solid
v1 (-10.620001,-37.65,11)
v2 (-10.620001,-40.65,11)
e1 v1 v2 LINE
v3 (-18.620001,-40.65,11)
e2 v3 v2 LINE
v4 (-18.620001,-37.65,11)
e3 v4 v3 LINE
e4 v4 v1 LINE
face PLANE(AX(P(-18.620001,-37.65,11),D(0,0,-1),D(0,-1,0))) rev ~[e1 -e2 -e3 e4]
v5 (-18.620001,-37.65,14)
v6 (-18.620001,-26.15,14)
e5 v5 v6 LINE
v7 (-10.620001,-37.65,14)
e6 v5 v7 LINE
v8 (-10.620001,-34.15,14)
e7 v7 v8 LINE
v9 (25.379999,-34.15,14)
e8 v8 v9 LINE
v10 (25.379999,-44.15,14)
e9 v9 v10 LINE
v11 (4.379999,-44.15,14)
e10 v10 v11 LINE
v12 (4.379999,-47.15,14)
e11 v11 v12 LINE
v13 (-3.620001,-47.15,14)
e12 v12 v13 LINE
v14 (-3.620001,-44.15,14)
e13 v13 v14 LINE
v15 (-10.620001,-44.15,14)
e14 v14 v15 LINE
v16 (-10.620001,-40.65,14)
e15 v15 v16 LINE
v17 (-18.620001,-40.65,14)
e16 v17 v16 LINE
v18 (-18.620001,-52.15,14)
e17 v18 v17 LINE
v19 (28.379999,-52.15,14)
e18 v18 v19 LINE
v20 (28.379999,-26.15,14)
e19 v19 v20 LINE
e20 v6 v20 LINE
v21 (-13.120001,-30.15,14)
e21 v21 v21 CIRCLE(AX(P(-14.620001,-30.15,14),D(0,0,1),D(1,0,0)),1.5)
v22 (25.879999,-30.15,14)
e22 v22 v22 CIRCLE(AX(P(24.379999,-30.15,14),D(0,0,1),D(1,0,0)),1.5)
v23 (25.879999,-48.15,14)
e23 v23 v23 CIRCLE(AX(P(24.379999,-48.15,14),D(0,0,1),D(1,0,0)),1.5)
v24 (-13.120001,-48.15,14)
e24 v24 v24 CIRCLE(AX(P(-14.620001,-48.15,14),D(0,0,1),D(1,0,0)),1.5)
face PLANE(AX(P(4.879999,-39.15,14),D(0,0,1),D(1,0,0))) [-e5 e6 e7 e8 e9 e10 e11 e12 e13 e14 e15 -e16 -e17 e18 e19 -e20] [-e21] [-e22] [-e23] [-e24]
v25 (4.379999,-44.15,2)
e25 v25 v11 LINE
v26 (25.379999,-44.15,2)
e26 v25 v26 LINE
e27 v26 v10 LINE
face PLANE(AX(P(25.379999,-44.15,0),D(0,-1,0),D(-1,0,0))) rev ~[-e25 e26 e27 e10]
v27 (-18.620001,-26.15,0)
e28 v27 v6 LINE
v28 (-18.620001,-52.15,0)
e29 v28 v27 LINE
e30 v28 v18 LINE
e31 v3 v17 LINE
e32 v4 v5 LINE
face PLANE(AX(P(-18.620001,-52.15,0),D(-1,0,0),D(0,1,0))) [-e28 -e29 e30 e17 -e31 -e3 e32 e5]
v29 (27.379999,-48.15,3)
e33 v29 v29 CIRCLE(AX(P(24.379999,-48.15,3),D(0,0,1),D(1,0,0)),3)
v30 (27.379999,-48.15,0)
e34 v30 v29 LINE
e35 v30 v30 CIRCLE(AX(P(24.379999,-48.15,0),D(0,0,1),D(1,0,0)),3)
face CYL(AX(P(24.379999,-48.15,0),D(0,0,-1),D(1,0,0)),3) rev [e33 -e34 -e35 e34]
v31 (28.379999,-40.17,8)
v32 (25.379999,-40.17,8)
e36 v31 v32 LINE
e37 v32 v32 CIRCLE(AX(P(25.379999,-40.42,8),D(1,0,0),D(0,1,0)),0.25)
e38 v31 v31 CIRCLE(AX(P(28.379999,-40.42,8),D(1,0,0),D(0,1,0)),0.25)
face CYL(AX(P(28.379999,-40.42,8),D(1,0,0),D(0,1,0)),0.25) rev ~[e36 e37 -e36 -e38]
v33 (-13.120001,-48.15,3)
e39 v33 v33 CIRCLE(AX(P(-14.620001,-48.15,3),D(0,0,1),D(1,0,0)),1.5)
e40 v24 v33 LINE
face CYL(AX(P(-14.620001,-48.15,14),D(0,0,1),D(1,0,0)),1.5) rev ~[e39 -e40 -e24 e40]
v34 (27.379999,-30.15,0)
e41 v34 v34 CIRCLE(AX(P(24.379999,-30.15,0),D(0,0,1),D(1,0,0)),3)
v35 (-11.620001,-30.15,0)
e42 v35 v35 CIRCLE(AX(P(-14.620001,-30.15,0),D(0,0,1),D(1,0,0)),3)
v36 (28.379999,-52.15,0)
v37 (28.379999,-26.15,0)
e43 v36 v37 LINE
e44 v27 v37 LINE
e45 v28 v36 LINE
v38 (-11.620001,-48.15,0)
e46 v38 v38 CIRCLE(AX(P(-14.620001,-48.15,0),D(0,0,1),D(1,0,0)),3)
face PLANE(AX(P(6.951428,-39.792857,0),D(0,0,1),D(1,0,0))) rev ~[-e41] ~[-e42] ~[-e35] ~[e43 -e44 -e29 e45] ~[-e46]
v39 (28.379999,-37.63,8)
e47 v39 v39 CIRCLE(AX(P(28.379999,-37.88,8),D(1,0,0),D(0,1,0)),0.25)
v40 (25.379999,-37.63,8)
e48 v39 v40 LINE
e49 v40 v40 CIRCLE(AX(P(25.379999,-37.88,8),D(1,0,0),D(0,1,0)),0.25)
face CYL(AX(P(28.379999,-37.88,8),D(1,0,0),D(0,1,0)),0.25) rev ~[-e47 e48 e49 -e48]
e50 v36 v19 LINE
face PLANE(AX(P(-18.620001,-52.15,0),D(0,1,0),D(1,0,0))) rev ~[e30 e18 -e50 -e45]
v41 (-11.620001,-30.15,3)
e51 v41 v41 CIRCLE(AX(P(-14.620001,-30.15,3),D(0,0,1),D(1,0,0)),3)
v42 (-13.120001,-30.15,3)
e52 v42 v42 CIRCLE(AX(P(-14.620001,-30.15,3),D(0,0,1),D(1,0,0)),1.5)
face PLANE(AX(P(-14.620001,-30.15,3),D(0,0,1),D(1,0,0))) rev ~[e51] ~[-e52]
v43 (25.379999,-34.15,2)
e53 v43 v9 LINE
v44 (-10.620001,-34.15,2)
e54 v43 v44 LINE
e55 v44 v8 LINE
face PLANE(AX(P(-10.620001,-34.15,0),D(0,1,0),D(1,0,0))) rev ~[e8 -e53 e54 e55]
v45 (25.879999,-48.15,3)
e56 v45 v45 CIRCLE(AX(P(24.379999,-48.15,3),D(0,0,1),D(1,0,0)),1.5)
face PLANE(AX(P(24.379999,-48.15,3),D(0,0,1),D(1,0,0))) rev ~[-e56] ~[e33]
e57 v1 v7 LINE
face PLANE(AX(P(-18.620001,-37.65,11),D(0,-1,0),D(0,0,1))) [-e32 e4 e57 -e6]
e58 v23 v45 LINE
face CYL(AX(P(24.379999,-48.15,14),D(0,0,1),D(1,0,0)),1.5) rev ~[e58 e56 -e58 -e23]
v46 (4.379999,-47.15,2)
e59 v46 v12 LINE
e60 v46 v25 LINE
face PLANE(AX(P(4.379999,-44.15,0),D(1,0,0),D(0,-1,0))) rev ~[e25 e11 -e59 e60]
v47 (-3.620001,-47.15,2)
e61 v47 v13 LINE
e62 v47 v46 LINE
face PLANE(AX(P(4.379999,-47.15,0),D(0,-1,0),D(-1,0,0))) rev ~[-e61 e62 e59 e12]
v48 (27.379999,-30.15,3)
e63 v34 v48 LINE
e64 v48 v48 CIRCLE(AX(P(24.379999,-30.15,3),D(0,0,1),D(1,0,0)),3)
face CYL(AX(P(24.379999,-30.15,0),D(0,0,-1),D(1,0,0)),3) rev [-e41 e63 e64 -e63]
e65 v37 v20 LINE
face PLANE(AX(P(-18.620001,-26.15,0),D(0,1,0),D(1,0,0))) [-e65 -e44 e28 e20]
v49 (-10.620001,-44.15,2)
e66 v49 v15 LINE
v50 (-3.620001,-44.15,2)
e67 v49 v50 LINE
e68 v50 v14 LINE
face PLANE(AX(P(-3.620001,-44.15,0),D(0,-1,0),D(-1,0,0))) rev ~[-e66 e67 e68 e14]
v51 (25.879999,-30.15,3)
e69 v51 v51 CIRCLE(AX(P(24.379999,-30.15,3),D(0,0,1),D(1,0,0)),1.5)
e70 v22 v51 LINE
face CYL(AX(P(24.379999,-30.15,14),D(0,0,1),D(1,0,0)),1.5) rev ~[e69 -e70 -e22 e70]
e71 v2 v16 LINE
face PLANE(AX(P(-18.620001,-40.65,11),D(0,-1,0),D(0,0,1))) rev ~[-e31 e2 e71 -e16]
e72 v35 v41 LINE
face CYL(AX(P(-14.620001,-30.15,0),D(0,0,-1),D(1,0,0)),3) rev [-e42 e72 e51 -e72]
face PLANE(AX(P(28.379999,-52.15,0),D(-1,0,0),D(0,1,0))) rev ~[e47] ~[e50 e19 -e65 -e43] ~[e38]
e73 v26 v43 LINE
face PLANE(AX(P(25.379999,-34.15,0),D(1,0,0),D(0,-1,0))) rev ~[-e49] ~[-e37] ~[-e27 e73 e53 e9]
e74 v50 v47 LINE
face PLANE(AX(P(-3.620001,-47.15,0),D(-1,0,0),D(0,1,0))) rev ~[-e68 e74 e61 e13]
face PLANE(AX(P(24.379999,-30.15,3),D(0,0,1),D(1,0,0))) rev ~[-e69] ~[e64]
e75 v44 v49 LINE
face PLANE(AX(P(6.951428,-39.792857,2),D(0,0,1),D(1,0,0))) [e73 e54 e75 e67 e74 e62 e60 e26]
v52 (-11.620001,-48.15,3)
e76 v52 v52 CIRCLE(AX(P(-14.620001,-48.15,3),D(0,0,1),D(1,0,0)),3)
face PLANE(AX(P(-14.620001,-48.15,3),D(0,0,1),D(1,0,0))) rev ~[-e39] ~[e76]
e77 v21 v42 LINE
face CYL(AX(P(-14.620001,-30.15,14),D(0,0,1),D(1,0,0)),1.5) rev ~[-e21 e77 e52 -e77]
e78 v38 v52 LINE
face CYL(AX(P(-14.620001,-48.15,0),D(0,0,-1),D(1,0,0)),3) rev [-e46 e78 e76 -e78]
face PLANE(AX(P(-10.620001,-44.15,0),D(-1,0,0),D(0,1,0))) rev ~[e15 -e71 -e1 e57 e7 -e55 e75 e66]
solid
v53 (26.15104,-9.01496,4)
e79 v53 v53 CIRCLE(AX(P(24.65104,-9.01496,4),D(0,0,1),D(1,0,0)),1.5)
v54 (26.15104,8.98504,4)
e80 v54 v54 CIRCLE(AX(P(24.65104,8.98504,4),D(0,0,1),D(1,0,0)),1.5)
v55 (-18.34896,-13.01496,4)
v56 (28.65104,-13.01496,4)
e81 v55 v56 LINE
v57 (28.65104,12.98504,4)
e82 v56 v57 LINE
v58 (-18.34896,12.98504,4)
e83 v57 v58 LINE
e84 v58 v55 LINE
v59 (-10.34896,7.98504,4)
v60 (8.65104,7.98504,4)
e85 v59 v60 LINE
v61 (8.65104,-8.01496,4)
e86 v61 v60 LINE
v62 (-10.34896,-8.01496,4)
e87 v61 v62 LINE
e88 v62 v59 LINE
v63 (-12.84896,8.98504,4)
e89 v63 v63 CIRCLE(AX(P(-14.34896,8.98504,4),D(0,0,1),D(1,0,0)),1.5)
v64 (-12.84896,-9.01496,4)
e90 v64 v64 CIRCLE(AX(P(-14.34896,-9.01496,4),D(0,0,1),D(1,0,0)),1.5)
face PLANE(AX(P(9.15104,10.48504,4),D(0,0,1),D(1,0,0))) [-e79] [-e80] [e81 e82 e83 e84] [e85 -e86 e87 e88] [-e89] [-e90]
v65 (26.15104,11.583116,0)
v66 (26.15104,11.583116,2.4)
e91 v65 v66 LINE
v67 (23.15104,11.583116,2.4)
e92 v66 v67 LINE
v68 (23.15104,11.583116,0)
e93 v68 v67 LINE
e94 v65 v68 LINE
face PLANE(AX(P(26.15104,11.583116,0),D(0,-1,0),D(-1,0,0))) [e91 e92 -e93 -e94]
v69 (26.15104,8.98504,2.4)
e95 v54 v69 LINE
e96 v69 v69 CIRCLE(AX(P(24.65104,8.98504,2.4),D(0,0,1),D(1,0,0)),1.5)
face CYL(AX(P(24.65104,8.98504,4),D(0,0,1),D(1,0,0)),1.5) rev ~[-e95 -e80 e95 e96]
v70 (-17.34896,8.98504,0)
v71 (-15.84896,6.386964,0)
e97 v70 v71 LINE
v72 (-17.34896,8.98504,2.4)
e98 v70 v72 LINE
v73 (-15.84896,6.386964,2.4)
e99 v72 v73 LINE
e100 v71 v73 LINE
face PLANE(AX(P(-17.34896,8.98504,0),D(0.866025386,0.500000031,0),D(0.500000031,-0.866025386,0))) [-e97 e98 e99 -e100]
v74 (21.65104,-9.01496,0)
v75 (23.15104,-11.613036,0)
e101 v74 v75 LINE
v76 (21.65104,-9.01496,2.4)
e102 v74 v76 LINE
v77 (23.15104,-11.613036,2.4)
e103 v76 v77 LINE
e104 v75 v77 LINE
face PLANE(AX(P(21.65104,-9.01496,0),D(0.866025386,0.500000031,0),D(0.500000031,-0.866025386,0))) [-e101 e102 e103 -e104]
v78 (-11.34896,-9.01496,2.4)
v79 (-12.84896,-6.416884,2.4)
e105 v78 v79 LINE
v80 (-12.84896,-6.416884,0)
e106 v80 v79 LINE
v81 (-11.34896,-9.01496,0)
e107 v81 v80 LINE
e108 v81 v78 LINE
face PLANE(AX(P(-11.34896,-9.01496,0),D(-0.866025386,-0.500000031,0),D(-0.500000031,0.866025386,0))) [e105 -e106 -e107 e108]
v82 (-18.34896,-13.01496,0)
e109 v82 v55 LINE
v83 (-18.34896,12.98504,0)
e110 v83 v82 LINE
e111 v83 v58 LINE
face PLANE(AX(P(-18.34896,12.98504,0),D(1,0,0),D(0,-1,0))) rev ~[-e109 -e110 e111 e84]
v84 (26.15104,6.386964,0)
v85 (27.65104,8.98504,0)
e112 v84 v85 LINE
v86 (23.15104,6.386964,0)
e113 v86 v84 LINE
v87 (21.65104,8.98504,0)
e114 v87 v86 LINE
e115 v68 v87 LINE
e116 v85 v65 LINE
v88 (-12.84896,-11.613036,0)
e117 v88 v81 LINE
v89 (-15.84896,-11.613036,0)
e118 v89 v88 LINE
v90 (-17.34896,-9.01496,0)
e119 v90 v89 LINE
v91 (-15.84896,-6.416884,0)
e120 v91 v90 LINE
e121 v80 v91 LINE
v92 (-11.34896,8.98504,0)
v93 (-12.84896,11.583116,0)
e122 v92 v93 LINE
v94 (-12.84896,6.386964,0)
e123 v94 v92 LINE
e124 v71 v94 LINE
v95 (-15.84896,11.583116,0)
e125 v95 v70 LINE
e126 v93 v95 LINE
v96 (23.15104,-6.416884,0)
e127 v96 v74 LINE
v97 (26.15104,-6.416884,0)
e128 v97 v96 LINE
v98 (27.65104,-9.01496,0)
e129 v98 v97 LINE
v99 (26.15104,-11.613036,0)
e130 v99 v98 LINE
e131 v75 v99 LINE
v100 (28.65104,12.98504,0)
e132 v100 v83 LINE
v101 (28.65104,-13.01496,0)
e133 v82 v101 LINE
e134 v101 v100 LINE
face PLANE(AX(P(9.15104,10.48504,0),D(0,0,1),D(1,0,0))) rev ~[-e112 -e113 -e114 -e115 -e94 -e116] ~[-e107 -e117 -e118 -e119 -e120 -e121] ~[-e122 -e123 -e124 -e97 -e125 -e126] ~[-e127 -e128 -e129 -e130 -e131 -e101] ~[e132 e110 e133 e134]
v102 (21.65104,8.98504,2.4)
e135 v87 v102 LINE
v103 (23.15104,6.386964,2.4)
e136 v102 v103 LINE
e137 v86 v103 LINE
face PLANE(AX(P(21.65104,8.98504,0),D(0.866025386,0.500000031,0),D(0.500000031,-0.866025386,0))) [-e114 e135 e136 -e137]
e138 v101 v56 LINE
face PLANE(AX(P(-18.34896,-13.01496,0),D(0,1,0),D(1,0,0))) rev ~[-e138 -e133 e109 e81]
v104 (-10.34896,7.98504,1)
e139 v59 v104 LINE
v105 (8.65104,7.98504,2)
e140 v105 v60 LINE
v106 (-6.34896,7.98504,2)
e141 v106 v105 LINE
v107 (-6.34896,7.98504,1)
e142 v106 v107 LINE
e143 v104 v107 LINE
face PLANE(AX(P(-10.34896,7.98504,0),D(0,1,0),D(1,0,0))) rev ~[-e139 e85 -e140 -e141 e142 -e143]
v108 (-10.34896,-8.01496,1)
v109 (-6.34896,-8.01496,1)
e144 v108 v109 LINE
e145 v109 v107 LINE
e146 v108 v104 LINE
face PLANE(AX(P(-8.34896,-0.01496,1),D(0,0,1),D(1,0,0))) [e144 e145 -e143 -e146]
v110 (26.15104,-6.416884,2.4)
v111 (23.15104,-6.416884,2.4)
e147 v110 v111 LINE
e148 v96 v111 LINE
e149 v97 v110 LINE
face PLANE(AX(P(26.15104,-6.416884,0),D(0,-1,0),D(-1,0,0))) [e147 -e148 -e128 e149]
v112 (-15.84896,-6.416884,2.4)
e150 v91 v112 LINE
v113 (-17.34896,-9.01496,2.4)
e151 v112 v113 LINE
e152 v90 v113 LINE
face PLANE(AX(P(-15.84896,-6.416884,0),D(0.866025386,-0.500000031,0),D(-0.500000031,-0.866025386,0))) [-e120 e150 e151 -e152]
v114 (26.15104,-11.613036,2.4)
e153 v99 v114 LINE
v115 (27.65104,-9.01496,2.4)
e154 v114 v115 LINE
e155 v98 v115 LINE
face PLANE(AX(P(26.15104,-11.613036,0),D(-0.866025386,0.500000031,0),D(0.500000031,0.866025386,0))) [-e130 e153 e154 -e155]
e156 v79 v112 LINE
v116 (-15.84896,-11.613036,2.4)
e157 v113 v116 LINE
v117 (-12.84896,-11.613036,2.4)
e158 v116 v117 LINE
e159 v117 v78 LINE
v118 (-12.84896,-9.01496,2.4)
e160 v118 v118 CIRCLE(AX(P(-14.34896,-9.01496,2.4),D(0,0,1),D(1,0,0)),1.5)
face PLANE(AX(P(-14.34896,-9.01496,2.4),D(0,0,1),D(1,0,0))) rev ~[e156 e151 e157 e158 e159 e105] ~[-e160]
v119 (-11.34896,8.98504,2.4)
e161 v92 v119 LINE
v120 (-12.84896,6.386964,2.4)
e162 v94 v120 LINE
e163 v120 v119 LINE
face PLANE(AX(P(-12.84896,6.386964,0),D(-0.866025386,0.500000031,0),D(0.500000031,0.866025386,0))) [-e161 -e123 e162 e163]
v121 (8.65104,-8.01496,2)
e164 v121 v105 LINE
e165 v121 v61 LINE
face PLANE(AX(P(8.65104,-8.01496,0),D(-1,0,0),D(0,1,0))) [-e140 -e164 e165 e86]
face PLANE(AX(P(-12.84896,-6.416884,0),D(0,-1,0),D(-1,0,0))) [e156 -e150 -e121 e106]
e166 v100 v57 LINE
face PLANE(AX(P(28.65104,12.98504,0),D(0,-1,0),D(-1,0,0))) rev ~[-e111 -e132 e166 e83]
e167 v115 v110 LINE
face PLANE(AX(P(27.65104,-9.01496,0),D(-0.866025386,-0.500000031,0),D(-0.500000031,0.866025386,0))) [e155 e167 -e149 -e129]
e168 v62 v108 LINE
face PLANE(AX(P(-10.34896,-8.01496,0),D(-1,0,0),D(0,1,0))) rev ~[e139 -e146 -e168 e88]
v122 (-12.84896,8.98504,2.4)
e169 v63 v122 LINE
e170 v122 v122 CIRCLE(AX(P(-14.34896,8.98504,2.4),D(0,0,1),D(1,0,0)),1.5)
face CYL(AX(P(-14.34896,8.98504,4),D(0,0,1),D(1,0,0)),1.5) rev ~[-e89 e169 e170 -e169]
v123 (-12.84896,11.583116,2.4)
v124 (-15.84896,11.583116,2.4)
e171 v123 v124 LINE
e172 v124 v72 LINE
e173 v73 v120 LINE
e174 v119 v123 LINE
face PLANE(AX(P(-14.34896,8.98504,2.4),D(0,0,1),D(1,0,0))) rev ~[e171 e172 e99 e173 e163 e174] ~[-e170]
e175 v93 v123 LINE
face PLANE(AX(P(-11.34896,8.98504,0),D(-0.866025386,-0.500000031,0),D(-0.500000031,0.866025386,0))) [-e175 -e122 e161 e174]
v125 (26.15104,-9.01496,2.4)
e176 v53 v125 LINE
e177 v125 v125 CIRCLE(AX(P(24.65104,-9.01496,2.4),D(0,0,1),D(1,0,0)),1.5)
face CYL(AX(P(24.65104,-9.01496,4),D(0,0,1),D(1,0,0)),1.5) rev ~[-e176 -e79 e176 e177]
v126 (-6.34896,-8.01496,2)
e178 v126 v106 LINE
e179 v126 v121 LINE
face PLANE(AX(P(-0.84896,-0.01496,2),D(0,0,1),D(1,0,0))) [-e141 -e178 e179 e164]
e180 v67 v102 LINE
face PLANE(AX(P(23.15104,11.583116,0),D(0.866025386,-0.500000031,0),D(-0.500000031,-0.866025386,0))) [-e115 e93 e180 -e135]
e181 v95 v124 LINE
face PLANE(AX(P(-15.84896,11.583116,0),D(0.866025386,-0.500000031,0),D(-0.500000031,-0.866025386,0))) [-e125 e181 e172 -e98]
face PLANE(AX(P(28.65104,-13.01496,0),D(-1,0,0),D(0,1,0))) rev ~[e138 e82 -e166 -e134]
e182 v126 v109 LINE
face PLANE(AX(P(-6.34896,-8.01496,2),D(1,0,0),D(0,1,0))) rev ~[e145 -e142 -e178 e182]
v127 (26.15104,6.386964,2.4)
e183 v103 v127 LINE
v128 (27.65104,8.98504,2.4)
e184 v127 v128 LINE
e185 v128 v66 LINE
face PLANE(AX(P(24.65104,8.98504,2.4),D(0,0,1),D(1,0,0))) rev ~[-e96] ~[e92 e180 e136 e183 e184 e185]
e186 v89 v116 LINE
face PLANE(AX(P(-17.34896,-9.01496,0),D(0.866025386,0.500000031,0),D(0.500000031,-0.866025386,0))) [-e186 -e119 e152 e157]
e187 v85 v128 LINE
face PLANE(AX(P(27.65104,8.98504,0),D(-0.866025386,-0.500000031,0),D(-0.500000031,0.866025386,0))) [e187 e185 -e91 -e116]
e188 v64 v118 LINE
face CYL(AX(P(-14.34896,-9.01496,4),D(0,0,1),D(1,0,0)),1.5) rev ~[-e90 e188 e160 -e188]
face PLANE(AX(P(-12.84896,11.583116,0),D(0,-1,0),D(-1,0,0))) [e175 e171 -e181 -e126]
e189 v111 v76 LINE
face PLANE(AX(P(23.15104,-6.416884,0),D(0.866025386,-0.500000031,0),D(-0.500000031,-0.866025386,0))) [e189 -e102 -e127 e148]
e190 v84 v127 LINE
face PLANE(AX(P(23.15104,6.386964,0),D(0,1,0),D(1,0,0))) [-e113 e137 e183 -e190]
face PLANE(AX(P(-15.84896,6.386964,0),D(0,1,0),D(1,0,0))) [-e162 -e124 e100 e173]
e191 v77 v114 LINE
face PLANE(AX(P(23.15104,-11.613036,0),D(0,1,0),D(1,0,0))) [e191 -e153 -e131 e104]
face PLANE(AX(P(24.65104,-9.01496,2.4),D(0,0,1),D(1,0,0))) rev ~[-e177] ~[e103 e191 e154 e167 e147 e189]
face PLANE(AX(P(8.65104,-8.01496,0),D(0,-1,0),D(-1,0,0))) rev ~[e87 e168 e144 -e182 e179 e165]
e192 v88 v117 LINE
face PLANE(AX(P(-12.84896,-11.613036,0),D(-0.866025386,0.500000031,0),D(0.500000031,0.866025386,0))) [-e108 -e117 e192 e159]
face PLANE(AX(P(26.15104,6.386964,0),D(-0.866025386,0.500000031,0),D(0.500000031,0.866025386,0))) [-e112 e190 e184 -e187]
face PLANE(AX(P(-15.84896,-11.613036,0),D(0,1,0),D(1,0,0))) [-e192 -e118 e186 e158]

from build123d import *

# Parameters (mm, degrees)
F0_W      = 19
F0_H      = 16
F1_DEPTH  = 2
F0_W_2    = 20
F2_DEPTH  = 4
F3_W      = 47
F3_H      = 26
F4_DEPTH  = 14
F5_DEPTH  = 2
F6_R      = 0.25
F7_DEPTH  = 5
F8_W      = 1.5
F8_H      = 3
F9_DEPTH  = 8
F10_R     = 1.5
F11_DEPTH = 4
F12_R     = 1.5
F13_DEPTH = 25
F14_W     = 4
F14_H     = 16
F15_DEPTH = 1
F16_R     = 3
F17_DEPTH = 3
F19_DEPTH = 2.4


with BuildPart() as f1:
    # F0 (on Top) → F1 (new body)
    with BuildSketch(Plane.XY):
        with Locations((-0.84896, -0.01496)):
            Rectangle(F0_W, F0_H)
    extrude(amount=F1_DEPTH)

    # F0 (on Top) → F2 (join)
    with BuildSketch(Plane.XY):
        Polygon((-10.34896, 12.98504), (-10.34896, 7.98504), (8.65104, 7.98504), (28.65104, 7.98504), (28.65104, 12.98504), align=None)
        Polygon((-10.34896, -8.01496), (-10.34896, 7.98504), (-10.34896, 12.98504), (-18.34896, 12.98504), (-18.34896, -13.01496), (-10.34896, -13.01496), align=None)
        with Locations((18.65104, -0.01496)):
            Rectangle(F0_W_2, F0_H)
        Polygon((8.65104, -8.01496), (-10.34896, -8.01496), (-10.34896, -13.01496), (28.65104, -13.01496), (28.65104, -8.01496), align=None)
    extrude(amount=F2_DEPTH)

    # F10 (on face) → F11 (cut)
    with BuildSketch(Plane.XY.offset(4)):
        with Locations((-14.34896, 8.98504)):
            Circle(F10_R)
        with Locations((24.65104, 8.98504)):
            Circle(F10_R)
        with Locations((24.65104, -9.01496)):
            Circle(F10_R)
        with Locations((-14.34896, -9.01496)):
            Circle(F10_R)
    extrude(amount=-F11_DEPTH, mode=Mode.SUBTRACT)

    # F14 (on face) → F15 (cut)
    with BuildSketch(Plane.XY.offset(2)):
        with Locations((-8.34896, -0.01496)):
            Rectangle(F14_W, F14_H)
    extrude(amount=-F15_DEPTH, mode=Mode.SUBTRACT)

    # F18 (on face) → F19 (cut)
    with BuildSketch(Plane.XY):
        Polygon((23.15104, -6.416884), (21.65104, -9.01496), (23.15104, -11.613036), (26.15104, -11.613036), (27.65104, -9.01496), (26.15104, -6.416884), align=None)
        Polygon((-12.84896, -11.613036), (-11.34896, -9.01496), (-12.84896, -6.416884), (-15.84896, -6.416884), (-17.34896, -9.01496), (-15.84896, -11.613036), align=None)
        Polygon((-12.84896, 6.386964), (-11.34896, 8.98504), (-12.84896, 11.583116), (-15.84896, 11.583116), (-17.34896, 8.98504), (-15.84896, 6.386964), align=None)
        Polygon((23.15104, 11.583116), (21.65104, 8.98504), (23.15104, 6.386964), (26.15104, 6.386964), (27.65104, 8.98504), (26.15104, 11.583116), align=None)
    extrude(amount=F19_DEPTH, mode=Mode.SUBTRACT)


with BuildPart() as f4:
    # F3 (on Top) → F4 (new body)
    with BuildSketch(Plane.XY):
        with Locations((4.879999, -39.15)):
            Rectangle(F3_W, F3_H)
        Polygon((-10.620001, -44.15), (-10.620001, -34.15), (25.379999, -34.15), (25.379999, -44.15), (4.379999, -44.15), (4.379999, -47.15), (-3.620001, -47.15), (-3.620001, -44.15), align=None, mode=Mode.SUBTRACT)
    extrude(amount=F4_DEPTH)

    # F3 (on Top) → F5 (join)
    with BuildSketch(Plane.XY):
        Polygon((25.379999, -34.15), (-10.620001, -34.15), (-10.620001, -44.15), (-3.620001, -44.15), (-3.620001, -47.15), (4.379999, -47.15), (4.379999, -44.15), (25.379999, -44.15), align=None)
    extrude(amount=F5_DEPTH)

    # F6 (on face) → F7 (cut)
    with BuildSketch(Plane.YZ.offset(28.379999)):
        with Locations((-37.88, 8)):
            Circle(F6_R)
        with Locations((-40.42, 8)):
            Circle(F6_R)
    extrude(amount=-F7_DEPTH, mode=Mode.SUBTRACT)

    # F8 (on face) → F9 (cut)
    with BuildSketch(Plane(origin=(-18.620001, 0, 0), x_dir=(0, -1, 0), z_dir=(-1, 0, 0))):
        with Locations((38.4, 12.5)):
            Rectangle(F8_W, F8_H)
        with Locations((39.9, 12.5)):
            Rectangle(F8_W, F8_H)
    extrude(amount=-F9_DEPTH, mode=Mode.SUBTRACT)

    # F12 (on face) → F13 (cut)
    with BuildSketch(Plane.XY.offset(14)):
        with Locations((-14.620001, -30.15)):
            Circle(F12_R)
        with Locations((24.379999, -30.15)):
            Circle(F12_R)
        with Locations((24.379999, -48.15)):
            Circle(F12_R)
        with Locations((-14.620001, -48.15)):
            Circle(F12_R)
    extrude(amount=-F13_DEPTH, mode=Mode.SUBTRACT)

    # F16 (on face) → F17 (cut)
    with BuildSketch(Plane.XY):
        with Locations((24.379999, -30.15)):
            Circle(F16_R)
        with Locations((-14.620001, -30.15)):
            Circle(F16_R)
        with Locations((24.379999, -48.15)):
            Circle(F16_R)
        with Locations((-14.620001, -48.15)):
            Circle(F16_R)
    extrude(amount=F17_DEPTH, mode=Mode.SUBTRACT)


solid = Compound([f1.part, f4.part])
